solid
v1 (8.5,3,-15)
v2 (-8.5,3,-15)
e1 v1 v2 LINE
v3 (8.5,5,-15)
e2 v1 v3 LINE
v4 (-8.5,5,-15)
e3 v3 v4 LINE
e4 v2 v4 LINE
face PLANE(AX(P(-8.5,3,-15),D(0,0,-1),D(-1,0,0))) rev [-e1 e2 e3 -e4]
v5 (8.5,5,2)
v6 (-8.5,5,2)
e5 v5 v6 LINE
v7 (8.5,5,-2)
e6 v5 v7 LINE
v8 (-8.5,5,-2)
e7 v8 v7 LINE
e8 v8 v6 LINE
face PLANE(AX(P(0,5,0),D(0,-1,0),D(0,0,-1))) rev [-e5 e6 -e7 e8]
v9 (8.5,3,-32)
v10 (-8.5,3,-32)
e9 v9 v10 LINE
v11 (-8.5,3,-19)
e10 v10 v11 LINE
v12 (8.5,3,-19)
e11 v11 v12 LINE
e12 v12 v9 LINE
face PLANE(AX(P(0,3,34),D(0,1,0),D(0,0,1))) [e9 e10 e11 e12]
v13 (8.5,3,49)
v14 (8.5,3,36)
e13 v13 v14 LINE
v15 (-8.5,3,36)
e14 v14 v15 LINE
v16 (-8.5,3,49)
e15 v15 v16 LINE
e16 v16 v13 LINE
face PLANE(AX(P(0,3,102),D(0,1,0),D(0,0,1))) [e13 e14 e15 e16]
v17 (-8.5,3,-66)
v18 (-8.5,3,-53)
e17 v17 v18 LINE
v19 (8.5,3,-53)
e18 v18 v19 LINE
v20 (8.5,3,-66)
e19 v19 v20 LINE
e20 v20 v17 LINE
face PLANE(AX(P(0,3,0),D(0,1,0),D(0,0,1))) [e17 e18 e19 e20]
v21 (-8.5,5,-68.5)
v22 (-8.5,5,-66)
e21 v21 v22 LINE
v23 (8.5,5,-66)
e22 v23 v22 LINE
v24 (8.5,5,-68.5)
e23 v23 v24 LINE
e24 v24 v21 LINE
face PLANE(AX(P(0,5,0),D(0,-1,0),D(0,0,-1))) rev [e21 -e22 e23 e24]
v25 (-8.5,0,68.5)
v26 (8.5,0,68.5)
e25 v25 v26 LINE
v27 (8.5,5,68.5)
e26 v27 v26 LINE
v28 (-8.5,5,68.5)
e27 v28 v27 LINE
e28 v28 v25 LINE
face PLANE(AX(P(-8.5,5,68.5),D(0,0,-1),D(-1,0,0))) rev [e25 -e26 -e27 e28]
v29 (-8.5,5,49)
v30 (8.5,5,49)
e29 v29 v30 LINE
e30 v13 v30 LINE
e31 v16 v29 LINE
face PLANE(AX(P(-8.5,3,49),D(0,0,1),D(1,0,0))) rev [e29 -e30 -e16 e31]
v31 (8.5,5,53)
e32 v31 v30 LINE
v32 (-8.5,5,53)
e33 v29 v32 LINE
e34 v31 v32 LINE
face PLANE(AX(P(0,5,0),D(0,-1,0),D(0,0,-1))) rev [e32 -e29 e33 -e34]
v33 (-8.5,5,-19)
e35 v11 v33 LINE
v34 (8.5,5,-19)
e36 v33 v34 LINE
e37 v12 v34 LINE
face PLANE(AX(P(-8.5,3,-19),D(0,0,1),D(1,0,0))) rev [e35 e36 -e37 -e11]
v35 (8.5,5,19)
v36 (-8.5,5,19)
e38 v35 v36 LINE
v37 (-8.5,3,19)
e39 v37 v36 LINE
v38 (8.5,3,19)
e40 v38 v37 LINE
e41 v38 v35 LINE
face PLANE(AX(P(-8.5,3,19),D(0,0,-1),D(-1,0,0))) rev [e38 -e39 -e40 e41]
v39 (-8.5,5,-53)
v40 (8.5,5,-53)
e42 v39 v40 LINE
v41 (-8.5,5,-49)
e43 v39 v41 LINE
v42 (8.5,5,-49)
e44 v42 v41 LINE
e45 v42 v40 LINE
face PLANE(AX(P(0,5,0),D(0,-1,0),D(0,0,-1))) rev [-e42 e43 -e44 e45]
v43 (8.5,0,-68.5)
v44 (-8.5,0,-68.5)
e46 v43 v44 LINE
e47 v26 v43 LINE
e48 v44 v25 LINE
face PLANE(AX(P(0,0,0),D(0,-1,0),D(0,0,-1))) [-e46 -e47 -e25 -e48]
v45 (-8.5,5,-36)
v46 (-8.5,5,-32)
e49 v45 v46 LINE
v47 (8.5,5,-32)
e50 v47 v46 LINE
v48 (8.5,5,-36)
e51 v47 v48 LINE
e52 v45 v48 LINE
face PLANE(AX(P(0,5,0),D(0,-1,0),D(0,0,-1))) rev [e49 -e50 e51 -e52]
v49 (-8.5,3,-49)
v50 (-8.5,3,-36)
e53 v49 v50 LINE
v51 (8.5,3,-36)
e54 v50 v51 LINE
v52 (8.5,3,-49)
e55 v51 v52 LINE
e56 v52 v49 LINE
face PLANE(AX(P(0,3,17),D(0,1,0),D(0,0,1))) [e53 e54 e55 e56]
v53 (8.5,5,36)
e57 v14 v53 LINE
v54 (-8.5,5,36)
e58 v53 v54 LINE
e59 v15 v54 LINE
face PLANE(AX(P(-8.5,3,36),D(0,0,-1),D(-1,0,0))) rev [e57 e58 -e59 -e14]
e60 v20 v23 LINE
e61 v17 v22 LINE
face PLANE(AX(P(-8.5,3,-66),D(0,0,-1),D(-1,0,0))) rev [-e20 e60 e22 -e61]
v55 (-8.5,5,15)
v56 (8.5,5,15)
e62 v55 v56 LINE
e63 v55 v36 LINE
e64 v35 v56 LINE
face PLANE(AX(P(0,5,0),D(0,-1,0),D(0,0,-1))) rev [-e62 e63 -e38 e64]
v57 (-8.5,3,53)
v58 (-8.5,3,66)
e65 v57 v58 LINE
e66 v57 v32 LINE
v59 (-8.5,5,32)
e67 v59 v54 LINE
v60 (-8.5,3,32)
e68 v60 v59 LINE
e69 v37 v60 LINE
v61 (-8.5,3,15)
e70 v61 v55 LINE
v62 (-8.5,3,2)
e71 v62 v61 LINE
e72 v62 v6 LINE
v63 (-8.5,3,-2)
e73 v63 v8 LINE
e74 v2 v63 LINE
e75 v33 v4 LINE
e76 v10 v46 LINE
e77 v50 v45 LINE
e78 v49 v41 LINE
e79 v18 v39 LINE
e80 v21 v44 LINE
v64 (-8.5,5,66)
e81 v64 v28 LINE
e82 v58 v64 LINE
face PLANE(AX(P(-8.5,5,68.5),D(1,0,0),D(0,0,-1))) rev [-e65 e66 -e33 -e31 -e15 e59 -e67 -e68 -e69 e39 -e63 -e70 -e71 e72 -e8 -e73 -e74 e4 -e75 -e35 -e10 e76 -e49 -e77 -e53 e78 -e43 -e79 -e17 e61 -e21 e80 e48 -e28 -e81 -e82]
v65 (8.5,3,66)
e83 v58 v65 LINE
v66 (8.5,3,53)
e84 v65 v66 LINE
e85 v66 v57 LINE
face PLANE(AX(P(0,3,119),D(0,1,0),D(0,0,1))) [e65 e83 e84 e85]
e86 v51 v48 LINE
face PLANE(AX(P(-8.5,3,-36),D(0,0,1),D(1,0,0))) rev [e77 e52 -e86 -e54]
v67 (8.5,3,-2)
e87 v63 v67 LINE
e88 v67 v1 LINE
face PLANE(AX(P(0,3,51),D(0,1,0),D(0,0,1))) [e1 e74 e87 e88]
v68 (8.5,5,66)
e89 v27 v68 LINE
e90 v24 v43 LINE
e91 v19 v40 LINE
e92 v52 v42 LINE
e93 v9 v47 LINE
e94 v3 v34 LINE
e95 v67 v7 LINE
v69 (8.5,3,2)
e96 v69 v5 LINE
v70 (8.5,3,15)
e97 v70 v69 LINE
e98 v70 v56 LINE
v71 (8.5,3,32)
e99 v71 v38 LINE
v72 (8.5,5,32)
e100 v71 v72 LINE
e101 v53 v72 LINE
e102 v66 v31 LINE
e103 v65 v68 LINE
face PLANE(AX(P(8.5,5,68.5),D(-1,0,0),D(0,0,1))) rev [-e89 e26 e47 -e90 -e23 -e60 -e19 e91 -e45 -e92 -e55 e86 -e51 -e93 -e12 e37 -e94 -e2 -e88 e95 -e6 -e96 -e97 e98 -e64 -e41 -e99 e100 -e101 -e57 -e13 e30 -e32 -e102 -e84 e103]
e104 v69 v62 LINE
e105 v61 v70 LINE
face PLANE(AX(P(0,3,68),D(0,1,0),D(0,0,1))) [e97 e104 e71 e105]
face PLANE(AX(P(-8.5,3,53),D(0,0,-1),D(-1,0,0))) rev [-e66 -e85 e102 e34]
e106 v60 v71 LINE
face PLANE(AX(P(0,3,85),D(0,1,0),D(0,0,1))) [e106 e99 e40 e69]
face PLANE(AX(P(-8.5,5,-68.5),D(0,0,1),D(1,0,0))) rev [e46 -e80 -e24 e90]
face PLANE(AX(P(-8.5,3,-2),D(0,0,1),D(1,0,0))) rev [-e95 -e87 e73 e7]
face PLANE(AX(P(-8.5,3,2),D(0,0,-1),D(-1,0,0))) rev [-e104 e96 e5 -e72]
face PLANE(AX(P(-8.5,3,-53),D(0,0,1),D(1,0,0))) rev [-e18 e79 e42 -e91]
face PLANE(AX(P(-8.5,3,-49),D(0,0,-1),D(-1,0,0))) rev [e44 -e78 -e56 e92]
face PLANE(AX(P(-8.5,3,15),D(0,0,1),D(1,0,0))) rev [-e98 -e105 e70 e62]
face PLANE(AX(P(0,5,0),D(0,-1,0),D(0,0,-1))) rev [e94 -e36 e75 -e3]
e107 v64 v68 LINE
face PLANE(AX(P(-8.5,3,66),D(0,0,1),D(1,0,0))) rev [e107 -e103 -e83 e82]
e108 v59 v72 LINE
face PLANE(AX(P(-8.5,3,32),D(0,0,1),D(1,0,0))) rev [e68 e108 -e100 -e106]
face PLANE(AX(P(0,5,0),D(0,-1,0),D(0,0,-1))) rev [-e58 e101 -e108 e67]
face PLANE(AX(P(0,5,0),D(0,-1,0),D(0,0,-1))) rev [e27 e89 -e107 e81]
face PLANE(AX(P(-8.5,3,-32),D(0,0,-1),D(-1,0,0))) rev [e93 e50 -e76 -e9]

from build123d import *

# Parameters (mm, degrees)
SKETCH1_W           = 17
SKETCH1_H           = 137
BOSS_EXTRUDE1_DEPTH = 5
SKETCH2_W           = 17
SKETCH2_H           = 13
CUT_EXTRUDE1_DEPTH  = 2
LPATTERN1_COUNT     = 8
LPATTERN1_PITCH     = 17


with BuildPart() as part:
    # Sketch1 → Boss-Extrude1 (new body)
    with BuildSketch(Plane(origin=(0, 0, 0), x_dir=(1, 0, 0), z_dir=(0, 1, 0))):
        Rectangle(SKETCH1_W, SKETCH1_H)
    extrude(amount=BOSS_EXTRUDE1_DEPTH)

    # Sketch2 → Cut-Extrude1 (cut)
    with BuildSketch(Plane(origin=(0, 5, 0), x_dir=(1, 0, 0), z_dir=(0, 1, 0))):
        with Locations((0, 59.5)):
            Rectangle(SKETCH2_W, SKETCH2_H)
    cut_extrude1 = extrude(amount=-CUT_EXTRUDE1_DEPTH, mode=Mode.SUBTRACT)

    # LPattern1: Cut-Extrude1 ×8
    with Locations(*[(0, 0, i * LPATTERN1_PITCH) for i in range(1, LPATTERN1_COUNT)]):
        add(cut_extrude1, mode=Mode.SUBTRACT)


solid = part.part
